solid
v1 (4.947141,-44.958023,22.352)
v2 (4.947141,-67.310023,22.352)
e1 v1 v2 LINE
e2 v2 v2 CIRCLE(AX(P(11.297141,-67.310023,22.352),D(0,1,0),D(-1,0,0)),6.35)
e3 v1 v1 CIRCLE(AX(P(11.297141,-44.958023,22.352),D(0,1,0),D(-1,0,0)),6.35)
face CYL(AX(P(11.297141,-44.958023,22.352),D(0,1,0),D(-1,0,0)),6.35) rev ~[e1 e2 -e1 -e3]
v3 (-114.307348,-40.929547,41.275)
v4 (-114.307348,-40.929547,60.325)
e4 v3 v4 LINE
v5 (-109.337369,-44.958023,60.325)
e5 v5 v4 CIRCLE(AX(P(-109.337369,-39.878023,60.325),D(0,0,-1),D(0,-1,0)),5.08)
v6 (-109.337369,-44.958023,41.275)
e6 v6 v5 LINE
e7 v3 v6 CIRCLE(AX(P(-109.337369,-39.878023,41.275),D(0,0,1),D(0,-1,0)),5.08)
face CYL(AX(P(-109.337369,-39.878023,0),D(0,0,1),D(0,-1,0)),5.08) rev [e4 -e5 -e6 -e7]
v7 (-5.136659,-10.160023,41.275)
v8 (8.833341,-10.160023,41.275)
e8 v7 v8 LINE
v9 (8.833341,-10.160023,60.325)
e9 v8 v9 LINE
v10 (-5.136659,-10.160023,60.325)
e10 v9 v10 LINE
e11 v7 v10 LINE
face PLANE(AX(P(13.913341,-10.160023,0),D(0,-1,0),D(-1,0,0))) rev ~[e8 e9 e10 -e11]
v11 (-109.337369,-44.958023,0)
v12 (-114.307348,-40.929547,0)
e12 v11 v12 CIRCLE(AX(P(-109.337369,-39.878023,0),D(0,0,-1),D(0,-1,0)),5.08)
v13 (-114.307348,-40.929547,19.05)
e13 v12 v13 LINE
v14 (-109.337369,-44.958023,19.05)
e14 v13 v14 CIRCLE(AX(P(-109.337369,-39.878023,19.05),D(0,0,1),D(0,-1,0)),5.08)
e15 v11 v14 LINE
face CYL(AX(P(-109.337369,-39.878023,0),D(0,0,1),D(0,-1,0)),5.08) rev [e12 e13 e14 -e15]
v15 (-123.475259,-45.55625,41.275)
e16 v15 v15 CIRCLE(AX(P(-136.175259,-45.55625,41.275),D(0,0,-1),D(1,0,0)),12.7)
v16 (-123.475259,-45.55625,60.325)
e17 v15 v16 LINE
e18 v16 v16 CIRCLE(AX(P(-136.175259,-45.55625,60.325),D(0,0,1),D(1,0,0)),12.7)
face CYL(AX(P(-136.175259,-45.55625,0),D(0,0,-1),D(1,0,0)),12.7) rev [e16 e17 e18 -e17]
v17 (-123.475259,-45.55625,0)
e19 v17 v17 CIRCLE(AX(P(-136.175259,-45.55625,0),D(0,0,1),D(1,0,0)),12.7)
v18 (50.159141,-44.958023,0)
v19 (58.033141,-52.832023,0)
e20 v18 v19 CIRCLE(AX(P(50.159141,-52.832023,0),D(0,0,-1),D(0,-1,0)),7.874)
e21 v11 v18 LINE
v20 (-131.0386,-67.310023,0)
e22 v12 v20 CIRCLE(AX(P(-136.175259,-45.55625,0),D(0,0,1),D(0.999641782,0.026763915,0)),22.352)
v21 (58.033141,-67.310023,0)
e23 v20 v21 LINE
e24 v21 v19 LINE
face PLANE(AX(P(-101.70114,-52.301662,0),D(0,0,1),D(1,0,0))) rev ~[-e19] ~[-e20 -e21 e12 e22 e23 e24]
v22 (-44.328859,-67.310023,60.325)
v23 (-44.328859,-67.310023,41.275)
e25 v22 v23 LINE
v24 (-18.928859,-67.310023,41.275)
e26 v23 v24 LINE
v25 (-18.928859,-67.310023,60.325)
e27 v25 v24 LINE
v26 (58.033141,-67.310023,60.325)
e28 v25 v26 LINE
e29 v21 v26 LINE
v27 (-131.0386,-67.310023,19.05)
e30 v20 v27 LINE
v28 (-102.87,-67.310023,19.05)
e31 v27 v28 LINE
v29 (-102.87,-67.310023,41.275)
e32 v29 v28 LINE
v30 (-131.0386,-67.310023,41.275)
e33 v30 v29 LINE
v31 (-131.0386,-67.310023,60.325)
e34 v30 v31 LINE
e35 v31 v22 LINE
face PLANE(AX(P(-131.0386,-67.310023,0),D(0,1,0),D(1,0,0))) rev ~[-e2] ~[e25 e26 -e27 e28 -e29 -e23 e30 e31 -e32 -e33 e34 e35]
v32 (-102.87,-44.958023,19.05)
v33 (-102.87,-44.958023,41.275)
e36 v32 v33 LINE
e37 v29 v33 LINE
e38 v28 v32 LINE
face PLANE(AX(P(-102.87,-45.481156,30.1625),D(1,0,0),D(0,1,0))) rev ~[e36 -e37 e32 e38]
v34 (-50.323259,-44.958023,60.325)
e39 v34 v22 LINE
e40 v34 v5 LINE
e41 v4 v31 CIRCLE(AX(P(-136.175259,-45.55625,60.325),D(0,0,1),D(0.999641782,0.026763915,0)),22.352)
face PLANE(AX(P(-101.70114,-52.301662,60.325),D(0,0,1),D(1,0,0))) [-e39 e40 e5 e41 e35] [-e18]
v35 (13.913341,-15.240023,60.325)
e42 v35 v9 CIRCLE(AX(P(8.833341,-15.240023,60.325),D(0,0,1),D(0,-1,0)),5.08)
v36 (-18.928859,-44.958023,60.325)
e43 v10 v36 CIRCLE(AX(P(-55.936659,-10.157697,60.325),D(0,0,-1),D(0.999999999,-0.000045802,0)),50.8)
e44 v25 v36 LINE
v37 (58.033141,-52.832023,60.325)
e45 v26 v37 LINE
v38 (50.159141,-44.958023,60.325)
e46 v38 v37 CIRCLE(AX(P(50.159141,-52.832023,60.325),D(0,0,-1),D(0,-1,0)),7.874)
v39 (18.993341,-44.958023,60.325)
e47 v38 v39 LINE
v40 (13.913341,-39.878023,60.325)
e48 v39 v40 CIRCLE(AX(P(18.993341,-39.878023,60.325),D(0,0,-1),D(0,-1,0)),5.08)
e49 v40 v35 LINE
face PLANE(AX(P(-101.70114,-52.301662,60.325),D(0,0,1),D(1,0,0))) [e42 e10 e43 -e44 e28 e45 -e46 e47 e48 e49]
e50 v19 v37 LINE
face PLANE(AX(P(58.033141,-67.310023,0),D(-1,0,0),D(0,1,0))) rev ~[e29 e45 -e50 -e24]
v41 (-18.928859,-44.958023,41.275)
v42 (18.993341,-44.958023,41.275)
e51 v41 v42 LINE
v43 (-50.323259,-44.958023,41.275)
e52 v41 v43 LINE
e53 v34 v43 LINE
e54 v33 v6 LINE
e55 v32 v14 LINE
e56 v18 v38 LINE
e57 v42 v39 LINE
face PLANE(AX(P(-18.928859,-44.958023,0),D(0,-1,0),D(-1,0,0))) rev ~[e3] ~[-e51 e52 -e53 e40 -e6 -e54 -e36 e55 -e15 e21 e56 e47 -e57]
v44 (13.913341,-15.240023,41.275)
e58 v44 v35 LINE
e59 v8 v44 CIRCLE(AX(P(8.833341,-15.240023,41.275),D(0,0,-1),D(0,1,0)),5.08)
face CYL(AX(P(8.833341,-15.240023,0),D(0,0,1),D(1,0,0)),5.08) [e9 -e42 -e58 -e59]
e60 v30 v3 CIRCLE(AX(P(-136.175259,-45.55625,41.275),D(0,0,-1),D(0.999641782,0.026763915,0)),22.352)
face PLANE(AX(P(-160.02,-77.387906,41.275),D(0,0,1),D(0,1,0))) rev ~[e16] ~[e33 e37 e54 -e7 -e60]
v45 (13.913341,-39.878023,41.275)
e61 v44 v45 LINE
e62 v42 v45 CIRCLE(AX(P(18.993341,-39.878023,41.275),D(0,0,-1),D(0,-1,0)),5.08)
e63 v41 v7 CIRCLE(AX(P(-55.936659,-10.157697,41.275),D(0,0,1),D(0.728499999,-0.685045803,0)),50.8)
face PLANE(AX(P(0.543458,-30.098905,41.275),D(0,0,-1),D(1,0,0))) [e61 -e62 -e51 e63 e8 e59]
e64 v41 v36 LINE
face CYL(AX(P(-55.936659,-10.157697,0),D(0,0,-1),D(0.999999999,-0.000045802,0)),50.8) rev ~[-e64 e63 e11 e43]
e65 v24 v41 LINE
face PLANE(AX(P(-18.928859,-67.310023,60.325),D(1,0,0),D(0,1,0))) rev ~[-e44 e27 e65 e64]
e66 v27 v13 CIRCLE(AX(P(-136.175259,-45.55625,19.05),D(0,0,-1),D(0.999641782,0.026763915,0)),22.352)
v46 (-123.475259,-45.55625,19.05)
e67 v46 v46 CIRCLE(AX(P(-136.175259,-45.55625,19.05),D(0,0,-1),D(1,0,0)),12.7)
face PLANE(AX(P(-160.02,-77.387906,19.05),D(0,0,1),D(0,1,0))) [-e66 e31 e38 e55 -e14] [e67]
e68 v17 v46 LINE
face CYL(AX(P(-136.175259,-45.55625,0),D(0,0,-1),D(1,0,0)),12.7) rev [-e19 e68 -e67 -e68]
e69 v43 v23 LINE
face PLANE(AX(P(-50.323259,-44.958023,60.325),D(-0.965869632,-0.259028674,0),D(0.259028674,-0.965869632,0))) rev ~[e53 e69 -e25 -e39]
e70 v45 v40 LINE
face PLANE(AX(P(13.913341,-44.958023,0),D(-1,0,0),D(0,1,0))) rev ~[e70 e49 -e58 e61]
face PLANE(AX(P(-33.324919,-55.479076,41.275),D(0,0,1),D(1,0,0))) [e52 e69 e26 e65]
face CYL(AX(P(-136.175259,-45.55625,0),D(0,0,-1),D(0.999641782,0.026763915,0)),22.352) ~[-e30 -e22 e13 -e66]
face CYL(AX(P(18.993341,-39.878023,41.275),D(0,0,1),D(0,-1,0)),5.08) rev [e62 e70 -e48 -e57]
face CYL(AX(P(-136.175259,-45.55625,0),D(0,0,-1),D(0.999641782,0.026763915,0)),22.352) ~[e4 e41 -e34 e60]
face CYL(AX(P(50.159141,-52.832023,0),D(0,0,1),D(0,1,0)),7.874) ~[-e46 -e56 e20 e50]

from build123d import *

# Parameters (mm, degrees)
F0_R      = 12.7
F1_DEPTH  = 60.325
F2_R      = 5.08
F3_R      = 7.874
F5_DEPTH  = 19.05
F7_DEPTH  = 41.275
F8_R      = 6.35
F9_DEPTH  = 22.951227039
F10_R     = 5.08
F11_R     = 5.08
F13_W     = 63.8135012672
F13_H     = 22.225
F14_DEPTH = 57.15


with BuildPart() as f1:
    # F0 (on Top) → F1 (new body)
    with BuildSketch(Plane.XY):
        with BuildLine():
            ThreePointArc((-113.8312659101, -44.9580233222), (-153.8868240783, -31.9212818085), (-131.0386, -67.3100233222))
            Line((-131.0386, -67.3100233222), (-44.3288590271, -67.3100233222))
            Line((-44.3288590271, -67.3100233222), (-50.3232590271, -44.9580233222))
            Line((-50.3232590271, -44.9580233222), (-113.8312659101, -44.9580233222))
        make_face()
        with Locations((-136.1752590271, -45.5562503612)):
            Circle(F0_R, mode=Mode.SUBTRACT)
        Polygon((-50.3232590271, -44.9580233222), (-44.3288590271, -67.3100233222), (-18.9288590271, -67.3100233222), (-18.9288590271, -44.9580233222), align=None)
        Polygon((-18.9288590271, -44.9580233222), (-18.9288590271, -67.3100233222), (58.0331409729, -67.3100233222), (58.0331409729, -44.9580233222), (13.9133409729, -44.9580233222), align=None)
        with BuildLine():
            ThreePointArc((-5.1366590271, -10.1600233222), (-8.7108436655, -28.8756656882), (-18.9288590271, -44.9580233222))
            Line((-18.9288590271, -44.9580233222), (13.9133409729, -44.9580233222))
            Line((13.9133409729, -44.9580233222), (13.9133409729, -10.1600233222))
            Line((13.9133409729, -10.1600233222), (-5.1366590271, -10.1600233222))
        make_face()
    extrude(amount=F1_DEPTH)

    # F2
    f2_edges = [f1.edges().sort_by_distance(p)[0] for p in [
        (13.913341, -10.160023, 30.1625),
    ]]
    fillet(f2_edges, radius=F2_R)

    # F3
    f3_edges = [f1.edges().sort_by_distance(p)[0] for p in [
        (58.033141, -44.958023, 30.1625),
    ]]
    fillet(f3_edges, radius=F3_R)

    # F4 (on face) → F5 (cut)
    with BuildSketch(Plane.XY.offset(60.325)):
        Polygon((-18.9288590271, -67.3100233222), (-18.9288590271, -44.9580233222), (-50.3232590271, -44.9580233222), (-44.3288590271, -67.3100233222), align=None)
    extrude(amount=-F5_DEPTH, mode=Mode.SUBTRACT)

    # F6 (on face) → F7 (cut)
    with BuildSketch(Plane(origin=(0, 0, 0), x_dir=(1, 0, 0), z_dir=(0, 0, -1))):
        with BuildLine():
            Line((13.9133409729, 15.2400233222), (13.9133409729, 44.9580233222))
            Line((13.9133409729, 44.9580233222), (-18.9288590271, 44.9580233222))
            ThreePointArc((-18.9288590271, 44.9580233222), (-8.7108436655, 28.8756656882), (-5.1366590271, 10.1600233222))
            Line((-5.1366590271, 10.1600233222), (8.8333409729, 10.1600233222))
            ThreePointArc((8.8333409729, 10.1600233222), (12.4254434213, 11.6479208738), (13.9133409729, 15.2400233222))
        make_face()
    extrude(amount=-F7_DEPTH, mode=Mode.SUBTRACT)

    # F8 (on face) → F9 (cut, through all)
    with BuildSketch(Plane(origin=(0, -44.9580233222, 0), x_dir=(-1, 0, 0), z_dir=(0, 1, 0))):
        with Locations((-11.2971409729, 22.352)):
            Circle(F8_R)
    extrude(amount=-F9_DEPTH, mode=Mode.SUBTRACT)

    # F10
    f10_edges = [f1.edges().sort_by_distance(p)[0] for p in [
        (13.913341, -44.958023, 50.8),
    ]]
    fillet(f10_edges, radius=F10_R)

    # F11
    f11_edges = [f1.edges().sort_by_distance(p)[0] for p in [
        (-113.831266, -44.958023, 30.1625),
    ]]
    fillet(f11_edges, radius=F11_R)

    # F13 (on offset) → F14 (cut)
    with BuildSketch(Plane.YZ.offset(-160.02)):
        with Locations((-45.4811556265, 30.1625)):
            Rectangle(F13_W, F13_H)
    extrude(amount=F14_DEPTH, mode=Mode.SUBTRACT)


solid = f1.part
